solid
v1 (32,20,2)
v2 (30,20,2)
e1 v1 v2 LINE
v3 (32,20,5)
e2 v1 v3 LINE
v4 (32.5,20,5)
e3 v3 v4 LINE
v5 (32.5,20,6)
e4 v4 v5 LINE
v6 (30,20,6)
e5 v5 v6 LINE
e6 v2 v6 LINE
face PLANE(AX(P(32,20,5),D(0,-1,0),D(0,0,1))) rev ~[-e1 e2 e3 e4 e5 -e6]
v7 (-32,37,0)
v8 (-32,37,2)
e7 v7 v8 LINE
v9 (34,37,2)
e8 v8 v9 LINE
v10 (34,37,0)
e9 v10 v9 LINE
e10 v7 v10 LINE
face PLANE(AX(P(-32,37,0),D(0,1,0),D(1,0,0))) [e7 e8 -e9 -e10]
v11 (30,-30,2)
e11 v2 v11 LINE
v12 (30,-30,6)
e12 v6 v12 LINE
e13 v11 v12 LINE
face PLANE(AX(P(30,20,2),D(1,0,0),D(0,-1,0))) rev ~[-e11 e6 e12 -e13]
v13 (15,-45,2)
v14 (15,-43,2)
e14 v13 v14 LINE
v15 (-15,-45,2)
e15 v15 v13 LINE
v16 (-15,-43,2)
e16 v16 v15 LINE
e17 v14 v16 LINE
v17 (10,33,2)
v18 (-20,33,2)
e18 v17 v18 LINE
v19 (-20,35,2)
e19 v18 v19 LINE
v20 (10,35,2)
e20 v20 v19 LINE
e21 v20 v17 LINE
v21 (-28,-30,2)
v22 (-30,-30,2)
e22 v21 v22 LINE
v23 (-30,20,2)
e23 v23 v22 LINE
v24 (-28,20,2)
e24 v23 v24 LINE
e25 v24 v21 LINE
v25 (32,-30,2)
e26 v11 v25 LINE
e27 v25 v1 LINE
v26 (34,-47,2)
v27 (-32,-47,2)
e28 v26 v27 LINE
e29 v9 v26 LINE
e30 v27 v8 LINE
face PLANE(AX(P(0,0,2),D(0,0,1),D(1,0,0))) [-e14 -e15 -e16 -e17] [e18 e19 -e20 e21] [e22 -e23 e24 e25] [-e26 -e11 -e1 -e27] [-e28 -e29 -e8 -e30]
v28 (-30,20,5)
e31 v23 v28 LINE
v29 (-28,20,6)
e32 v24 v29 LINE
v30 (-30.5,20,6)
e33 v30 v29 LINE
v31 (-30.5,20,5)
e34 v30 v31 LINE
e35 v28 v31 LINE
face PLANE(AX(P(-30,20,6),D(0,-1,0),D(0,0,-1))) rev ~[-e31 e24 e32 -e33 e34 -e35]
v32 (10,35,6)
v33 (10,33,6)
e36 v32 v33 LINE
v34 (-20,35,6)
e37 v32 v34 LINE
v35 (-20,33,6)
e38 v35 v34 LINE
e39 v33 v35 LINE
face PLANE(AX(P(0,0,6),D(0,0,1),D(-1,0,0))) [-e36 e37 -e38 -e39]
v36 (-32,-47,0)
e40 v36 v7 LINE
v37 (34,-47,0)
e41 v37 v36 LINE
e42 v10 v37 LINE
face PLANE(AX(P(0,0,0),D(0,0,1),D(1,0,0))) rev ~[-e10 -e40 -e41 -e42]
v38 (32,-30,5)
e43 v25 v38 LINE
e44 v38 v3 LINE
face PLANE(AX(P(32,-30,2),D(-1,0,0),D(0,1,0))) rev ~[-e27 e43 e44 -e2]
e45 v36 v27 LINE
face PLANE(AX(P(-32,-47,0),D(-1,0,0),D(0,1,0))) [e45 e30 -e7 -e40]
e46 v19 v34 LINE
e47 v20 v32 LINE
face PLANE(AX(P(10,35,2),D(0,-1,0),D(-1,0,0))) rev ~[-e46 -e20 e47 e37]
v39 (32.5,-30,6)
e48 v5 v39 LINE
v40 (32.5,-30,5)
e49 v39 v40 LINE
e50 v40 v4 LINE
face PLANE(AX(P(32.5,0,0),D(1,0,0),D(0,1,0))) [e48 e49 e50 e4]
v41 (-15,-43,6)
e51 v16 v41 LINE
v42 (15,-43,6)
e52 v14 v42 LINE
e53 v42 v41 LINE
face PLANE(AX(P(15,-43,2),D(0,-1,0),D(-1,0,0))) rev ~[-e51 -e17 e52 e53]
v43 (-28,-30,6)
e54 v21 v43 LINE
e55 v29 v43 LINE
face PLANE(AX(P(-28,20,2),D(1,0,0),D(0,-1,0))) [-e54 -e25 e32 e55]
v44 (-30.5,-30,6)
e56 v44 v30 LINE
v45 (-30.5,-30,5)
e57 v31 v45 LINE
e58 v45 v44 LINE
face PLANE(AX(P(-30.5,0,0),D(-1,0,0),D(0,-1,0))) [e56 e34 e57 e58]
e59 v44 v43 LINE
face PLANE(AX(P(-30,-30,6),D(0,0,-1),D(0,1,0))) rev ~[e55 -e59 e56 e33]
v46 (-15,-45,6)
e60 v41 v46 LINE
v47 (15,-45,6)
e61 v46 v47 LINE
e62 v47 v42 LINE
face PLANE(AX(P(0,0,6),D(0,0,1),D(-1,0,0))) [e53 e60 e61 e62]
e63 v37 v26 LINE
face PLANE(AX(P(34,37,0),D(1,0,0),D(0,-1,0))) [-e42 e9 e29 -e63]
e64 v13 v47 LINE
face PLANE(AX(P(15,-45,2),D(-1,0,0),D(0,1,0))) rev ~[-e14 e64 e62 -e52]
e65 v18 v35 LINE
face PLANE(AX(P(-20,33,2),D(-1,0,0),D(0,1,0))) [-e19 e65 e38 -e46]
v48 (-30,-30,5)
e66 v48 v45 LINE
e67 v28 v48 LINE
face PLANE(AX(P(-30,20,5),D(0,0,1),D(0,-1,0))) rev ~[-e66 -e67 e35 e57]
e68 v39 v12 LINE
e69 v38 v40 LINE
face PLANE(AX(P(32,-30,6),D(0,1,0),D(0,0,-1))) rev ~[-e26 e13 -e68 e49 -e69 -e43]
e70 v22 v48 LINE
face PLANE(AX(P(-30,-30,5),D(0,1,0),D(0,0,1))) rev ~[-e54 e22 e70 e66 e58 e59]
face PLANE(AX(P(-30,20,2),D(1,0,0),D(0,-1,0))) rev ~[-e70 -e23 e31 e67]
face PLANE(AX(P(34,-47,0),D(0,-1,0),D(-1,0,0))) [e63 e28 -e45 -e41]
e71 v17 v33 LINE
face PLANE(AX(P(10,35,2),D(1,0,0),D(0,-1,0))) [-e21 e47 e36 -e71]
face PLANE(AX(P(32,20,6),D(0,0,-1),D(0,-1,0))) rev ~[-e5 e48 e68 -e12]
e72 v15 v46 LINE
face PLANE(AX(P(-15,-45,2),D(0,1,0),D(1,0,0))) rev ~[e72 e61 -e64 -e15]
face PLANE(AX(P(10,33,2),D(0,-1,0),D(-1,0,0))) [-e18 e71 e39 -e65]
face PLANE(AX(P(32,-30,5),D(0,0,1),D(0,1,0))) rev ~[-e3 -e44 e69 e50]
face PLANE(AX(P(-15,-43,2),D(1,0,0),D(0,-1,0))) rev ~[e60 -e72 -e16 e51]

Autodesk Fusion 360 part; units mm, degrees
sketch "Skizze1" plane through (0, 0, 0) normal (0, 0, 1) x (1, 0, 0)
  line L0 (-30, 35) -> (32, 35)
  line L1 (32, 35) -> (32, -45)
  line L2 (32, -45) -> (-30, -45)
  line L3 (-30, -45) -> (-30, 35)
  line L4 (34, 37) -> (34, -47)
  line L5 (34, -47) -> (-32, -47)
  line L6 (-32, -47) -> (-32, 37)
  line L7 (-32, 37) -> (34, 37)
  dimension "d1" = 62
  dimension "d2" = 80
  dimension "d3" = -2
extrude "Extrusion1" add sketch "Skizze1" along normal blind 2 contours L0 L1 L2 L3 | L4 L5 L6 L7
sketch "Skizze2" plane through (0, 0, 2) normal (0, 0, 1) x (-1, 0, 0)
  line L0 (32, -37) -> (32, 47)
  line L1 (32, 47) -> (-34, 47)
  line L2 (-34, 47) -> (-34, -37)
  line L3 (-34, -37) -> (32, -37)
  line L4 (-32, 45) -> (-32, -35)
  line L5 (-32, -35) -> (30, -35)
  line L6 (30, -35) -> (30, 45)
  line L7 (30, 45) -> (-32, 45)
  line L8 (30, -20) -> (28, -20)
  line L9 (28, -20) -> (28, 30)
  line L10 (28, 30) -> (30, 30)
  line L11 (30, 30) -> (30, -20)
  line L12 (-32, -20) -> (-30, -20)
  line L13 (-30, -20) -> (-30, 30)
  line L14 (-30, 30) -> (-32, 30)
  line L15 (-32, 30) -> (-32, -20)
  line L16 (15, 45) -> (-15, 45)
  line L17 (-15, 45) -> (-15, 43)
  line L18 (-15, 43) -> (15, 43)
  line L19 (15, 43) -> (15, 45)
  line L20 (20, -35) -> (-10, -35)
  line L21 (-10, -35) -> (-10, -33)
  line L22 (-10, -33) -> (20, -33)
  line L23 (20, -33) -> (20, -35)
  dimension "d6" = -2
  dimension "d7" = 2
  dimension "d8" = 50
  dimension "d9" = 15
  dimension "d10" = 50
  dimension "d11" = 15
  dimension "d12" = 2
  dimension "d16" = 2
  dimension "d17" = 2
  dimension "d18" = 30
  dimension "d19" = 30
  dimension "d21" = 15
  dimension "d28" = 10
extrude "Extrusion2" add sketch "Skizze2" along normal blind 4 contours L4 L12 L13 L14 L15 | L7 L16 L17 L18 L19 | L5 L20 L21 L22 L23 | L6 L8 L9 L10 L11
sketch "Skizze5" plane through (32, 0, 0) normal (1, 0, 0) x (0, 1, 0)
  line L0 (-30, 2) -> (20, 2)
  line L1 (20, 2) -> (20, 6)
  line L2 (20, 6) -> (-30, 6)
  line L3 (-30, 6) -> (-30, 2)
  line L4 (-30, 5) -> (20, 5)
  dimension "d29" = 1
extrude "Extrusion5" add sketch "Skizze5" along normal blind 0.5 contours L1 L2 L3 L4
sketch "Skizze6" plane through (-30, 0, 0) normal (-1, 0, 0) x (0, -1, 0)
  line L0 (-20, 2) -> (30, 2)
  line L1 (30, 2) -> (30, 6)
  line L2 (30, 6) -> (-20, 6)
  line L3 (-20, 6) -> (-20, 2)
  line L4 (-20, 5) -> (30, 5)
  dimension "d32" = 1
extrude "Extrusion6" add sketch "Skizze6" along normal blind 0.5 contours L1 L2 L3 L4
